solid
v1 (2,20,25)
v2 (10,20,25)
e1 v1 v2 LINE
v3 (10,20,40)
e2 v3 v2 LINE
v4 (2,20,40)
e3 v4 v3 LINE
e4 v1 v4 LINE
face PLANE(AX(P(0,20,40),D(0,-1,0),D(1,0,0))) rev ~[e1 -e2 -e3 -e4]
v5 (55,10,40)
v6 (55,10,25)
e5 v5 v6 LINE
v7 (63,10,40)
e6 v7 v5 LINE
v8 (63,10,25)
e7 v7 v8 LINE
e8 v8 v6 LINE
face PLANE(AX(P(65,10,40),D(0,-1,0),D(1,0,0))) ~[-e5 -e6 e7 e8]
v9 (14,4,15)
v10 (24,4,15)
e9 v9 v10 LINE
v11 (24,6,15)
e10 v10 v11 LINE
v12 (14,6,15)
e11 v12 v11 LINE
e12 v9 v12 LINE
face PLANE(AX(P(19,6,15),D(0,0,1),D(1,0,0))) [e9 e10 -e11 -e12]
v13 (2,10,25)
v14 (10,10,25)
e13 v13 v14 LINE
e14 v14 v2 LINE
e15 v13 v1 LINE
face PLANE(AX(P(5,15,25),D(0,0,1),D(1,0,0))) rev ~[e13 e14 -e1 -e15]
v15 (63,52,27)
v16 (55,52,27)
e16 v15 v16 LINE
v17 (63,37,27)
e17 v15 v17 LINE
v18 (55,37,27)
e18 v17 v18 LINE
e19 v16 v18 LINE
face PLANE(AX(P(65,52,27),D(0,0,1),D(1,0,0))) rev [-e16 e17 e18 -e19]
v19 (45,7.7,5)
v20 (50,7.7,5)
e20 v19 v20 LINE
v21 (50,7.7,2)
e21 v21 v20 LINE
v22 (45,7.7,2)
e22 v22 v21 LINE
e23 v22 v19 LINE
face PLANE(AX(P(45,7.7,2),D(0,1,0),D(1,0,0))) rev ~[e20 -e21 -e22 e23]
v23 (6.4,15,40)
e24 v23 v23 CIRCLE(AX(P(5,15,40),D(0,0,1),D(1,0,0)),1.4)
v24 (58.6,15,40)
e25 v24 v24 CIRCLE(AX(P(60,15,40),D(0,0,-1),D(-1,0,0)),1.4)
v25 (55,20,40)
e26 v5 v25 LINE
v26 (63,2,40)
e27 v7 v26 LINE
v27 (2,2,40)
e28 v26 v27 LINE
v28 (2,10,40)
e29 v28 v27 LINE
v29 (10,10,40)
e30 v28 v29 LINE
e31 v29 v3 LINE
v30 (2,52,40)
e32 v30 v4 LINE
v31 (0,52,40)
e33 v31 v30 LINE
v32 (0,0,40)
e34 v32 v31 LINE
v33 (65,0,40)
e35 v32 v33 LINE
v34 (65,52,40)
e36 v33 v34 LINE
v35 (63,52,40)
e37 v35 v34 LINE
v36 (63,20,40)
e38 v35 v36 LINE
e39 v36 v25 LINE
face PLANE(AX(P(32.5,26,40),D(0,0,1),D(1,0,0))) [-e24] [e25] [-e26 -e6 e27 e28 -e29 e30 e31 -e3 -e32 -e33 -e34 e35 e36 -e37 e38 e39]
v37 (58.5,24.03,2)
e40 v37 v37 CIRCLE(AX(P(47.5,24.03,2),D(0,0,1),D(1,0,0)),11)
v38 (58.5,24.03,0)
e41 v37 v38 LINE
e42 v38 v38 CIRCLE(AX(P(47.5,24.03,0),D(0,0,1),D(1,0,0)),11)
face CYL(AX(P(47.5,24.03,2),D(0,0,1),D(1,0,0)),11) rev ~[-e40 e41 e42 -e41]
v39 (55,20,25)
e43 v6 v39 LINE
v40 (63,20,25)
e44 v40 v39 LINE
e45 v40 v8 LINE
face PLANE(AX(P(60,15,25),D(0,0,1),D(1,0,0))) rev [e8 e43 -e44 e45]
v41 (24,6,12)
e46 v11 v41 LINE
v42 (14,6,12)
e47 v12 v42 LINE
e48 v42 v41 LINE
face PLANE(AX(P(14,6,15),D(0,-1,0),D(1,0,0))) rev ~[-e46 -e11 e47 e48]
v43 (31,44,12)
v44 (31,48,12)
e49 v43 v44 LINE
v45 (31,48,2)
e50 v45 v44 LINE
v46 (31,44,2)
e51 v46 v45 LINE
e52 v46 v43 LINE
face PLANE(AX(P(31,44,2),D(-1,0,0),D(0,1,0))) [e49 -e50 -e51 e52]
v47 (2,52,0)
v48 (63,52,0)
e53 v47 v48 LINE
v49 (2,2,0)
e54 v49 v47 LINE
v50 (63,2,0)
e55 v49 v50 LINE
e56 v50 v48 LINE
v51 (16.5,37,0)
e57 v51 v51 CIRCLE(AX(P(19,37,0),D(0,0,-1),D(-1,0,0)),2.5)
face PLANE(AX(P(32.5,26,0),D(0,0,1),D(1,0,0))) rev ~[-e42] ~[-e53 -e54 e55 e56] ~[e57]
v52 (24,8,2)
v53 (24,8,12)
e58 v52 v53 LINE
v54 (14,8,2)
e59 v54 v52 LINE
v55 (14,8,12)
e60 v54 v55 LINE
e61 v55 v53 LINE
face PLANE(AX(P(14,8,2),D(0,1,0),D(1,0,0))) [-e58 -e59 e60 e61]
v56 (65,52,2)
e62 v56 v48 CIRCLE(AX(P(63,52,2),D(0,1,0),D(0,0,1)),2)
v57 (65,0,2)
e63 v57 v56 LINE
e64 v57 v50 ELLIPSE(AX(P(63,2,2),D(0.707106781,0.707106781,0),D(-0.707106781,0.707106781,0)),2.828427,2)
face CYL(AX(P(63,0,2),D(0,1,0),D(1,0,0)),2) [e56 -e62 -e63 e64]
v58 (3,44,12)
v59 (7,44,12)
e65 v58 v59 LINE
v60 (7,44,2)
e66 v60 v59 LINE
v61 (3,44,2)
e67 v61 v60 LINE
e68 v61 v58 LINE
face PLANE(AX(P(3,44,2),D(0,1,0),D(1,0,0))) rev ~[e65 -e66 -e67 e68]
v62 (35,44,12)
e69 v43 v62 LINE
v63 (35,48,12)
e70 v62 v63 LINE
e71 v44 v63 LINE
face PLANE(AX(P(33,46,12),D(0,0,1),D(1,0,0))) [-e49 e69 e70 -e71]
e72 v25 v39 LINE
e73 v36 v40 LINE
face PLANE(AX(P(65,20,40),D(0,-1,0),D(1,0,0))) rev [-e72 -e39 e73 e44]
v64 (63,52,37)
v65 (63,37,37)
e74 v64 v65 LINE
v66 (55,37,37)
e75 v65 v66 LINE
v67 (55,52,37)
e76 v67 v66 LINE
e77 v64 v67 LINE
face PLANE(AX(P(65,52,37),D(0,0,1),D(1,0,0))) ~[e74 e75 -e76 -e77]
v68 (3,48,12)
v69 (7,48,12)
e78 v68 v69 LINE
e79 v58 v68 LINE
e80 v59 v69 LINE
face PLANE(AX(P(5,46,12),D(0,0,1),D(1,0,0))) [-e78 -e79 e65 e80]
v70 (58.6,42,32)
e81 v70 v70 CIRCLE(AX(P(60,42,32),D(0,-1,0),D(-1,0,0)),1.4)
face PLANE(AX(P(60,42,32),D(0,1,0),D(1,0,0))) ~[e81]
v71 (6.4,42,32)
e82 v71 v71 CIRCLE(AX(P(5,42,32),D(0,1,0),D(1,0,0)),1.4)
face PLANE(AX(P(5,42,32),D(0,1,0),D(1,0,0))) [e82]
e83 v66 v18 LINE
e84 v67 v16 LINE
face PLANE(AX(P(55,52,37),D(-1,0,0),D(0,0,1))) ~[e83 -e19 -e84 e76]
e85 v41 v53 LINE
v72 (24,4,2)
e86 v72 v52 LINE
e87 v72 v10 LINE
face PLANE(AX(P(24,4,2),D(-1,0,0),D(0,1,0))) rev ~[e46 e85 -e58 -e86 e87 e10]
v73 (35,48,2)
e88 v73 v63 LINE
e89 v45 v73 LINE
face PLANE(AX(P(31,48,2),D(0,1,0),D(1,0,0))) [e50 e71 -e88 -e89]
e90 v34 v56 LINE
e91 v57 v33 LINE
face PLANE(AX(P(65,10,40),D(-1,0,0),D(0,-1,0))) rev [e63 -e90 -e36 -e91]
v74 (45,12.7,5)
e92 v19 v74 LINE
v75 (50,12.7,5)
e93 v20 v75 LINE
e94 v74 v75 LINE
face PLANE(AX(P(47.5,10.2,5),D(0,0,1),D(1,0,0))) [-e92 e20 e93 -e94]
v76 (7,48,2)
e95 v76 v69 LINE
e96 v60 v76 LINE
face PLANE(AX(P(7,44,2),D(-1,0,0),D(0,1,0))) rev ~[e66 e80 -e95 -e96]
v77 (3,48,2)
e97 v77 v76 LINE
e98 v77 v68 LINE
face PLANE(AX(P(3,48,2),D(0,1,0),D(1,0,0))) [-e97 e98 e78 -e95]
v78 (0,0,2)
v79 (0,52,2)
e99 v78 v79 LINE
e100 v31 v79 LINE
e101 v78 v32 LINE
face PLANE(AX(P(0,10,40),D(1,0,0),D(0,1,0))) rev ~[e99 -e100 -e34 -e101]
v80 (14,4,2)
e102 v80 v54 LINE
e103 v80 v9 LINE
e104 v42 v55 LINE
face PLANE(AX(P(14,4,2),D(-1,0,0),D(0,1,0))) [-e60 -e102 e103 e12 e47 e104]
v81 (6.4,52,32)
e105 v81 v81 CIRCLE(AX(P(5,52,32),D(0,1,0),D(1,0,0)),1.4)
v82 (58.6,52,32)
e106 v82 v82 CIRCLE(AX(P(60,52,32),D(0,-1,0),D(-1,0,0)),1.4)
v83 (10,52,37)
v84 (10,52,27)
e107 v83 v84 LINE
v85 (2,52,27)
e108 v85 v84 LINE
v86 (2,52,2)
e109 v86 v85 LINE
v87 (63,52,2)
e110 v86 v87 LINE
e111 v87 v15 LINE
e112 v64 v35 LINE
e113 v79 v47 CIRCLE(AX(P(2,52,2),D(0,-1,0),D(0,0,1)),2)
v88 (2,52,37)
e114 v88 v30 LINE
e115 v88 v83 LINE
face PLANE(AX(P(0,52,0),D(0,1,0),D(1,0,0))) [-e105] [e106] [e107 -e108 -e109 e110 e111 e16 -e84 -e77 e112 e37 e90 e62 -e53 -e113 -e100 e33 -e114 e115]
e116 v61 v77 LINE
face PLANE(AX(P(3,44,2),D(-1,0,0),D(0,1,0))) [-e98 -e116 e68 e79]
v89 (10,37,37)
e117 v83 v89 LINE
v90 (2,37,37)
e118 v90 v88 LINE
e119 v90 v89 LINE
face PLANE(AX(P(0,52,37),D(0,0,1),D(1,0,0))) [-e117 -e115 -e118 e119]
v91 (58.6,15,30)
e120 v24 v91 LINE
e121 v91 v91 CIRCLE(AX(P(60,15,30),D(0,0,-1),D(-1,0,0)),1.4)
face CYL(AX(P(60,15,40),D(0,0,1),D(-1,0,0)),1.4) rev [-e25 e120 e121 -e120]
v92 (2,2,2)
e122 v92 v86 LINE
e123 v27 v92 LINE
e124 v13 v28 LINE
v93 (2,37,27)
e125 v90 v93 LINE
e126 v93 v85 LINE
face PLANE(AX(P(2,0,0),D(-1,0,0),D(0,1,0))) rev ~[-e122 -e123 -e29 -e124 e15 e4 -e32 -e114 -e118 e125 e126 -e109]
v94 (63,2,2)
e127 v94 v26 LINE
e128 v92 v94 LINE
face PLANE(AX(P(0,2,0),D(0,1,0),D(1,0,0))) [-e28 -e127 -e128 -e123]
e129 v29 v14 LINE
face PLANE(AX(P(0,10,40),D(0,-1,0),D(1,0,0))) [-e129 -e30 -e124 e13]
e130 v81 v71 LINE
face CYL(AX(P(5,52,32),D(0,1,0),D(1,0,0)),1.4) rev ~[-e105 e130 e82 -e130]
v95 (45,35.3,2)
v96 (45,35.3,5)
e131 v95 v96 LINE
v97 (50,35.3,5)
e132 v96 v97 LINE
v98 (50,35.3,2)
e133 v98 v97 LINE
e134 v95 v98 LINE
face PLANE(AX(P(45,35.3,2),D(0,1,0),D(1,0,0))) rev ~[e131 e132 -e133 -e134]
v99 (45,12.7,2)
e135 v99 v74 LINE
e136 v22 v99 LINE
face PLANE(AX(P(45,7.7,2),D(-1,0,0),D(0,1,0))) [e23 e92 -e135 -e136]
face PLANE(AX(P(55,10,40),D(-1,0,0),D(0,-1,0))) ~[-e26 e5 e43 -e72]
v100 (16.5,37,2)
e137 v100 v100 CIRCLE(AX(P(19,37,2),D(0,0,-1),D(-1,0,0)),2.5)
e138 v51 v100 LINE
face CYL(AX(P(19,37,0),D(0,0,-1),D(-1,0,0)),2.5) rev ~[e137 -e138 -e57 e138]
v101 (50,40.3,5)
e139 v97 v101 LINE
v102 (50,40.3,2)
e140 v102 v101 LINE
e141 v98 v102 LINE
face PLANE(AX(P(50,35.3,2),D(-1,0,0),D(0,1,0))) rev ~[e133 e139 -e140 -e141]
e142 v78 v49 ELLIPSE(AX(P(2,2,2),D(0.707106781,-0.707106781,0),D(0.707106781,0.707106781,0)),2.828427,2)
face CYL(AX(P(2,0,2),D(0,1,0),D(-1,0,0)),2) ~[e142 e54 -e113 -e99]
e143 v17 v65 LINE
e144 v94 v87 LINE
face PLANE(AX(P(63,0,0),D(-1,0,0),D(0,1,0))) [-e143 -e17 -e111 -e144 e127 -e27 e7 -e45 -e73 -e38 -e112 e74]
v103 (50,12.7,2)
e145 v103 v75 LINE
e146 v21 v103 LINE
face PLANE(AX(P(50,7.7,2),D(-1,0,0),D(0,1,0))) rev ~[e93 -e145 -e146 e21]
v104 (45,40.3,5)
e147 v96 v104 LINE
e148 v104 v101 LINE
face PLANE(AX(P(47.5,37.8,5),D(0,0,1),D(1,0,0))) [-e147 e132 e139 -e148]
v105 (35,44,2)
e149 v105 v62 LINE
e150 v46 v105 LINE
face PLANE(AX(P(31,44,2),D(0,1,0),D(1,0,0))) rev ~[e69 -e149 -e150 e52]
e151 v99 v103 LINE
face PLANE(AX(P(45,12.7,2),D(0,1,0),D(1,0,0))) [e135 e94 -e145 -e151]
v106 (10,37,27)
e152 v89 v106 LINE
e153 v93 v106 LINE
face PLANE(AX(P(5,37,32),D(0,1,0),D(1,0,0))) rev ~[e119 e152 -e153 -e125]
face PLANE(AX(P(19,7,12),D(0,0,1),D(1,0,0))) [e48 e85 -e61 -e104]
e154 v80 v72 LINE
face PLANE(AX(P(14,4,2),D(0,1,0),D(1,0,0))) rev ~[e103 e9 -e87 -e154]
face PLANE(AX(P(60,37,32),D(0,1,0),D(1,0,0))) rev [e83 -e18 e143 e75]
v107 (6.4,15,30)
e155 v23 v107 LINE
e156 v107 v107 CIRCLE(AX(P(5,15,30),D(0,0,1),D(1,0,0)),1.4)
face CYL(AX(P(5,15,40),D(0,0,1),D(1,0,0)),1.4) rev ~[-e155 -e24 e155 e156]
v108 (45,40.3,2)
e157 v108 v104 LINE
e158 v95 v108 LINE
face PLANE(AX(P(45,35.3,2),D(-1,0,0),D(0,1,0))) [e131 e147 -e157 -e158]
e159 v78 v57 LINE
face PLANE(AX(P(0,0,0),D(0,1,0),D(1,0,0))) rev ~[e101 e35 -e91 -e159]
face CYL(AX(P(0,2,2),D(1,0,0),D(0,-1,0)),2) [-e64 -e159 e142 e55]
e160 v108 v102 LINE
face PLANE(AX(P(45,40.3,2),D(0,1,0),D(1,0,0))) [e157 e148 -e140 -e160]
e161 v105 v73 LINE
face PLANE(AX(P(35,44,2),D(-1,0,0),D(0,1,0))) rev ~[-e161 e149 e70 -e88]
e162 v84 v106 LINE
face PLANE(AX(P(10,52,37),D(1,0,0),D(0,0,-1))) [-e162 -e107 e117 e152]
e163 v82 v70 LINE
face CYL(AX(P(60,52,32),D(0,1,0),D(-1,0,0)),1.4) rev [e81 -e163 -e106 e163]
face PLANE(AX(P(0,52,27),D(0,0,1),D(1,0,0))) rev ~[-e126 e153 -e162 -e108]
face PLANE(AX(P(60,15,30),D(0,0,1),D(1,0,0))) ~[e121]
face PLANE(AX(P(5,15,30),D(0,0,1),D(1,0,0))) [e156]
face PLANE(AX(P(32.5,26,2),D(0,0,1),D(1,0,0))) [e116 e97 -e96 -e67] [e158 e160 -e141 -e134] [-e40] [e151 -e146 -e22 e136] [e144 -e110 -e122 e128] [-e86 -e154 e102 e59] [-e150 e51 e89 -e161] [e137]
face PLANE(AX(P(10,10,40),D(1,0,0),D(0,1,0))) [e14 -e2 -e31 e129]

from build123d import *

# Parameters (mm, degrees)
SKETCH1_W           = 65
SKETCH1_H           = 52
BOSS_EXTRUDE1_DEPTH = 40
SHELL1_T            = -2
SKETCH7_W           = 10
SKETCH7_H           = 10
BOSS_EXTRUDE3_DEPTH = 15
SKETCH8_R           = 1.4
CUT_EXTRUDE3_DEPTH  = 10
SKETCH10_W          = 10
SKETCH10_H          = 10
BOSS_EXTRUDE4_DEPTH = 15
SKETCH11_R          = 1.4
CUT_EXTRUDE4_DEPTH  = 10
SKETCH13_R          = 2.5
CUT_EXTRUDE5_DEPTH  = 2
SKETCH16_W          = 10
SKETCH16_H          = 4
BOSS_EXTRUDE5_DEPTH = 13
SKETCH17_W          = 10
SKETCH17_H          = 2
CUT_EXTRUDE6_DEPTH  = 3
SKETCH18_W          = 4
SKETCH18_H          = 4
BOSS_EXTRUDE6_DEPTH = 10
SKETCH20_W          = 4
SKETCH20_H          = 4
BOSS_EXTRUDE7_DEPTH = 10
FILLET1_R           = 2
SKETCH22_W          = 5
SKETCH22_H          = 5
BOSS_EXTRUDE8_DEPTH = 3
SKETCH23_W          = 5
SKETCH23_H          = 5
BOSS_EXTRUDE9_DEPTH = 3
SKETCH24_R          = 11
CUT_EXTRUDE7_DEPTH  = 2


with BuildPart() as part:
    # Sketch1 → Boss-Extrude1 (new body)
    with BuildSketch(Plane.XY):
        with Locations((32.5, 26)):
            Rectangle(SKETCH1_W, SKETCH1_H)
    extrude(amount=BOSS_EXTRUDE1_DEPTH)

    # Shell1
    shell1_openings = [part.faces().sort_by_distance(p)[0] for p in [
        (32.5, 26, 40),
        (32.5, 52, 20),
    ]]
    offset(amount=SHELL1_T, openings=shell1_openings, kind=Kind.INTERSECTION)

    # Sketch7 → Boss-Extrude3 (add)
    with BuildSketch(Plane(origin=(0, 52, 0), x_dir=(1, 0, 0), z_dir=(0, 1, 0))):
        with Locations((5, -32)):
            Rectangle(SKETCH7_W, SKETCH7_H)
    boss_extrude3 = extrude(amount=-BOSS_EXTRUDE3_DEPTH)

    # Sketch8 → Cut-Extrude3 (cut)
    with BuildSketch(Plane(origin=(0, 52, 0), x_dir=(1, 0, 0), z_dir=(0, 1, 0))):
        with Locations((5, -32)):
            Circle(SKETCH8_R)
    cut_extrude3 = extrude(amount=-CUT_EXTRUDE3_DEPTH, mode=Mode.SUBTRACT)

    # Mirror3: Boss-Extrude3, Cut-Extrude3 across plane
    add(boss_extrude3.mirror(Plane(origin=(32.5, 0, 0), x_dir=(0, 0, 1), z_dir=(1, 0, 0))))
    add(cut_extrude3.mirror(Plane(origin=(32.5, 0, 0), x_dir=(0, 0, 1), z_dir=(1, 0, 0))), mode=Mode.SUBTRACT)

    # Sketch10 → Boss-Extrude4 (add)
    with BuildSketch(Plane.XY.offset(40)):
        with Locations((5, 15)):
            Rectangle(SKETCH10_W, SKETCH10_H)
    boss_extrude4 = extrude(amount=-BOSS_EXTRUDE4_DEPTH)

    # Sketch11 → Cut-Extrude4 (cut)
    with BuildSketch(Plane.XY.offset(40)):
        with Locations((5, 15)):
            Circle(SKETCH11_R)
    cut_extrude4 = extrude(amount=-CUT_EXTRUDE4_DEPTH, mode=Mode.SUBTRACT)

    # Mirror4: Boss-Extrude4, Cut-Extrude4 across plane
    add(boss_extrude4.mirror(Plane(origin=(32.5, 0, 0), x_dir=(0, 0, 1), z_dir=(1, 0, 0))))
    add(cut_extrude4.mirror(Plane(origin=(32.5, 0, 0), x_dir=(0, 0, 1), z_dir=(1, 0, 0))), mode=Mode.SUBTRACT)

    # Sketch13 → Cut-Extrude5 (cut)
    with BuildSketch(Plane(origin=(0, 0, 0), x_dir=(-1, 0, 0), z_dir=(0, 0, -1))):
        with Locations((-19, 37)):
            Circle(SKETCH13_R)
    extrude(amount=-CUT_EXTRUDE5_DEPTH, mode=Mode.SUBTRACT)

    # Sketch16 → Boss-Extrude5 (add)
    with BuildSketch(Plane.XY.offset(2)):
        with Locations((19, 6)):
            Rectangle(SKETCH16_W, SKETCH16_H)
    extrude(amount=BOSS_EXTRUDE5_DEPTH)

    # Sketch17 → Cut-Extrude6 (cut)
    with BuildSketch(Plane.XY.offset(15)):
        with Locations((19, 7)):
            Rectangle(SKETCH17_W, SKETCH17_H)
    extrude(amount=-CUT_EXTRUDE6_DEPTH, mode=Mode.SUBTRACT)

    # Sketch18 → Boss-Extrude6 (add)
    with BuildSketch(Plane.XY.offset(2)):
        with Locations((33, 46)):
            Rectangle(SKETCH18_W, SKETCH18_H)
    extrude(amount=BOSS_EXTRUDE6_DEPTH)

    # Sketch20 → Boss-Extrude7 (add)
    with BuildSketch(Plane.XY.offset(2)):
        with Locations((5, 46)):
            Rectangle(SKETCH20_W, SKETCH20_H)
    extrude(amount=BOSS_EXTRUDE7_DEPTH)

    # Fillet1
    fillet1_edges = [part.edges().sort_by_distance(p)[0] for p in [
        (65, 26, 0),
        (32.5, 0, 0),
        (0, 26, 0),
    ]]
    fillet(fillet1_edges, radius=FILLET1_R)

    # Sketch22 → Boss-Extrude8 (add)
    with BuildSketch(Plane.XY.offset(2)):
        with Locations((47.5, 37.8)):
            Rectangle(SKETCH22_W, SKETCH22_H)
    extrude(amount=BOSS_EXTRUDE8_DEPTH)

    # Sketch23 → Boss-Extrude9 (add)
    with BuildSketch(Plane.XY.offset(2)):
        with Locations((47.5, 10.2)):
            Rectangle(SKETCH23_W, SKETCH23_H)
    extrude(amount=BOSS_EXTRUDE9_DEPTH)

    # Sketch24 → Cut-Extrude7 (cut)
    with BuildSketch(Plane.XY.offset(2)):
        with Locations((47.5, 24.03)):
            Circle(SKETCH24_R)
    extrude(amount=-CUT_EXTRUDE7_DEPTH, mode=Mode.SUBTRACT)


solid = part.part
